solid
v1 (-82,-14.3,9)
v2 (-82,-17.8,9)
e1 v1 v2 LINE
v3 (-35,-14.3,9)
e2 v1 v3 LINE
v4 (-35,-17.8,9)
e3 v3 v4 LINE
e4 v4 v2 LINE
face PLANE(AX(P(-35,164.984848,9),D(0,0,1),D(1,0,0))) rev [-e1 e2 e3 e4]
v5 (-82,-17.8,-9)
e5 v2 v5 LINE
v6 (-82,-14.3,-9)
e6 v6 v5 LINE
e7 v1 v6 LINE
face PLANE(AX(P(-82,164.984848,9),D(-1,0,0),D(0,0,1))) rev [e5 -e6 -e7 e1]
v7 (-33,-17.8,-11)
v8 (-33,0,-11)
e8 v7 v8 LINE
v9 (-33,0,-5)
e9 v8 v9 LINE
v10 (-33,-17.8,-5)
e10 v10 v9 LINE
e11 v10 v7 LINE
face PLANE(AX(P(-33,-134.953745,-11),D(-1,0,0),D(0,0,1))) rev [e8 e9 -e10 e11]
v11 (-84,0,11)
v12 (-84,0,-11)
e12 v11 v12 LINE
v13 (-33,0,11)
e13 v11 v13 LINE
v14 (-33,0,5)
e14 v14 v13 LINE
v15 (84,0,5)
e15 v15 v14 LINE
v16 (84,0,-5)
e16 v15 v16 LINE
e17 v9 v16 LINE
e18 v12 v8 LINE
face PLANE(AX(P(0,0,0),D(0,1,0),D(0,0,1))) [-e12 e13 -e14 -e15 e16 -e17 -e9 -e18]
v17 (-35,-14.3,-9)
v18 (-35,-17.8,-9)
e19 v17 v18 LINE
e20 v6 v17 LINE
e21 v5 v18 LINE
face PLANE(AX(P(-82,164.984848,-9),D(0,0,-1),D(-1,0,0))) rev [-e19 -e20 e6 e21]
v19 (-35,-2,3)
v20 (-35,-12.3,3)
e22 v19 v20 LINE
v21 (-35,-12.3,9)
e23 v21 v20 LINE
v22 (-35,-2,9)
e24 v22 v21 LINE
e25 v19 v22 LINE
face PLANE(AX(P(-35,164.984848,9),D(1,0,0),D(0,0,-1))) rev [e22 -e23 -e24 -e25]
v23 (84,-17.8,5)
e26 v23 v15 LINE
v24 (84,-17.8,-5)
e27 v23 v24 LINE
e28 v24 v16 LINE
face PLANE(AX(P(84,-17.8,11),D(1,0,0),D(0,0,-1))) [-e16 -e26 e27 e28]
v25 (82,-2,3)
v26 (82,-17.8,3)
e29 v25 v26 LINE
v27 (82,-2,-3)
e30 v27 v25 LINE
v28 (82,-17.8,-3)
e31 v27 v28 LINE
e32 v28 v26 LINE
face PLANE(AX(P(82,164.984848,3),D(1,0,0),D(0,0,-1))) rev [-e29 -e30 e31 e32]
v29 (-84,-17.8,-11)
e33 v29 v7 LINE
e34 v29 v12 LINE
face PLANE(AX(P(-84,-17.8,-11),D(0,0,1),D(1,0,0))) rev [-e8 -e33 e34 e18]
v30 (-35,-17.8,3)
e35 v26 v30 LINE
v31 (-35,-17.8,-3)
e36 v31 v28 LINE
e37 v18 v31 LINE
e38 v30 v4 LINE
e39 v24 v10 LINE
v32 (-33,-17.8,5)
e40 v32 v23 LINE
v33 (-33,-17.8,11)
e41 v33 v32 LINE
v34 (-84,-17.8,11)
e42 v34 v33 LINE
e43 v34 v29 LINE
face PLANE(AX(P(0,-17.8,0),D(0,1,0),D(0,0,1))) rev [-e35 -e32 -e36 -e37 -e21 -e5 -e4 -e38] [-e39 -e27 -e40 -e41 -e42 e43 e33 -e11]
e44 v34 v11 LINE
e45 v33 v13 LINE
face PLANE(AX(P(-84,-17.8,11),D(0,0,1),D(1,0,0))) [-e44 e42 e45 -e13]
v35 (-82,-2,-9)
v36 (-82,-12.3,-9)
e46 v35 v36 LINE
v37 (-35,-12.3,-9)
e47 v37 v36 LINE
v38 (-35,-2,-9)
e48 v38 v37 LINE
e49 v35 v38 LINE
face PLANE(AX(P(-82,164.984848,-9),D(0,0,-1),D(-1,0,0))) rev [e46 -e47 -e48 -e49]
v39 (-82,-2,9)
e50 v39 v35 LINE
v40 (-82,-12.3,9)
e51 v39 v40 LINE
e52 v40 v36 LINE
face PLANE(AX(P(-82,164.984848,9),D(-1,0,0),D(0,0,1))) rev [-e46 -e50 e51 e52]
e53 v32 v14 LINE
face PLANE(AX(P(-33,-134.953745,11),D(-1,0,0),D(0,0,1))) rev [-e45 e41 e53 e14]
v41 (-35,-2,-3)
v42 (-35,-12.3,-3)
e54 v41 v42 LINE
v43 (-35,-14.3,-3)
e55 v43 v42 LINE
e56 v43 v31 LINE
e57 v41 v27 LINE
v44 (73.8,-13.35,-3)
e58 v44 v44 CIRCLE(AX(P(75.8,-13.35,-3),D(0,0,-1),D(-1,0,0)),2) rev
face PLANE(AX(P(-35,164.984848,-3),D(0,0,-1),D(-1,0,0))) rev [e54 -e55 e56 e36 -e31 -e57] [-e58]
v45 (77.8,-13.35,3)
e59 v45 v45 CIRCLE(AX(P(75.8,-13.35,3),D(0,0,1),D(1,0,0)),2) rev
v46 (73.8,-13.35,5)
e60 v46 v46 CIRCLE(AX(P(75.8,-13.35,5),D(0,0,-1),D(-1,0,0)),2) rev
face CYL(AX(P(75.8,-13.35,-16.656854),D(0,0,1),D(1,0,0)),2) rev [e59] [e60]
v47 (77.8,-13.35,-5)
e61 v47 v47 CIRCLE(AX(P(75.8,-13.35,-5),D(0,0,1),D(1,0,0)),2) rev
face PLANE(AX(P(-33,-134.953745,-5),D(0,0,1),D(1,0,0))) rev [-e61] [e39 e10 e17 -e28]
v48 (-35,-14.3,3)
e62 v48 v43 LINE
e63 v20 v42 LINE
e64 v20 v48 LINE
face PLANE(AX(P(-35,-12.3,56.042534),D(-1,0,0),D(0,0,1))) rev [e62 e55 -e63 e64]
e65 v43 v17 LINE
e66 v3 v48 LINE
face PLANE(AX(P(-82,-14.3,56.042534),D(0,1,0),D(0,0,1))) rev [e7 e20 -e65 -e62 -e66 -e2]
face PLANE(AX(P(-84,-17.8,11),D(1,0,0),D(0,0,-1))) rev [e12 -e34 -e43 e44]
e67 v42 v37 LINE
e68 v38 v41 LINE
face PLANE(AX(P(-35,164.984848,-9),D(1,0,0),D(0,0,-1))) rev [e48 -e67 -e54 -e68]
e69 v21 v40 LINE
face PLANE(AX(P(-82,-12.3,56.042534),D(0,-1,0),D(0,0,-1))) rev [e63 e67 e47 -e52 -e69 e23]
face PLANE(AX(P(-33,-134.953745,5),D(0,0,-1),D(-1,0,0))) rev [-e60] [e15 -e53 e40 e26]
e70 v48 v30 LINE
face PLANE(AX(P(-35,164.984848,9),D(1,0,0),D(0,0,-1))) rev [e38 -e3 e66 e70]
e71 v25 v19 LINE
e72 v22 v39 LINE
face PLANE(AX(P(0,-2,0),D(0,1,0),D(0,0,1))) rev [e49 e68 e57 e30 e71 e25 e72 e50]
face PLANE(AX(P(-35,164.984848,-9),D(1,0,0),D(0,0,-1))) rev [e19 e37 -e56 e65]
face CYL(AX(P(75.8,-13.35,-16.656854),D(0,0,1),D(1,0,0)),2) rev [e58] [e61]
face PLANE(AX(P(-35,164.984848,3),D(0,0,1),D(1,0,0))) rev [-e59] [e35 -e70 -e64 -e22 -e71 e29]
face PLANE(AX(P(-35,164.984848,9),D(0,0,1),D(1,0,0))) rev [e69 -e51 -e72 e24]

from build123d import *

# Parameters (mm, degrees)
SKETCH1_W           = 168
SKETCH1_H           = 22
BOSS_EXTRUDE1_DEPTH = 17.8
SKETCH8_R           = 2
CUT_EXTRUDE4_DEPTH  = 22
CUT_EXTRUDE2_REACH  = 88.567
SKETCH5_W           = 117
SKETCH5_H           = 6
CUT_EXTRUDE3_DEPTH  = 15.8
BOSS_EXTRUDE3_REACH = 90.164
SKETCH7_W           = 47
SKETCH7_H           = 2


with BuildPart() as part:
    # Sketch1 → Boss-Extrude1 (new body)
    with BuildSketch(Plane(origin=(0, 0, 0), x_dir=(1, 0, 0), z_dir=(0, 1, 0))):
        Rectangle(SKETCH1_W, SKETCH1_H)
    extrude(amount=-BOSS_EXTRUDE1_DEPTH)

    # Sketch8 → Cut-Extrude4 (cut)
    with BuildSketch(Plane.XY.offset(11)):
        with Locations((75.8, -13.35)):
            Circle(SKETCH8_R)
    extrude(amount=-CUT_EXTRUDE4_DEPTH, mode=Mode.SUBTRACT)

    # Cut-Extrude2: up to this face of the body (flat: up to its plane)
    cut_extrude2_end = Plane(part.part.faces().sort_by_distance((0, -17.8, 0))[0])
    # Sketch5 → Cut-Extrude2 (cut, up to the picked face)
    with BuildSketch(Plane(origin=(0, 0, 0), x_dir=(1, 0, 0), z_dir=(0, 1, 0)), mode=Mode.PRIVATE) as cut_extrude2_sk1:
        with Locations((25.5, 8)):
            Rectangle(SKETCH5_W, SKETCH5_H)
    cut_extrude2_tool1 = split(extrude(cut_extrude2_sk1.sketch, amount=-CUT_EXTRUDE2_REACH, mode=Mode.PRIVATE), bisect_by=cut_extrude2_end, keep=Keep.BOTH, mode=Mode.PRIVATE)
    # Sketch5 → Cut-Extrude2 (cut, up to the picked face)
    with BuildSketch(Plane(origin=(0, 0, 0), x_dir=(1, 0, 0), z_dir=(0, 1, 0)), mode=Mode.PRIVATE) as cut_extrude2_sk2:
        with Locations((25.5, -8)):
            Rectangle(SKETCH5_W, SKETCH5_H)
    cut_extrude2_tool2 = split(extrude(cut_extrude2_sk2.sketch, amount=-CUT_EXTRUDE2_REACH, mode=Mode.PRIVATE), bisect_by=cut_extrude2_end, keep=Keep.BOTH, mode=Mode.PRIVATE)
    add(cut_extrude2_tool1.solids().sort_by(Axis((25.5, 0, -8), (0, -1, 0)))[0], mode=Mode.SUBTRACT)
    add(cut_extrude2_tool2.solids().sort_by(Axis((25.5, 0, 8), (0, -1, 0)))[0], mode=Mode.SUBTRACT)

    # Sketch6 → Cut-Extrude3 (cut)
    with BuildSketch(Plane.XZ.offset(17.8)):
        Polygon((-82, 9), (-82, -9), (-35, -9), (-35, -3), (82, -3), (82, 3), (-35, 3), (-35, 9), align=None)
    extrude(amount=-CUT_EXTRUDE3_DEPTH, mode=Mode.SUBTRACT)

    # Boss-Extrude3: up to this face of the body (flat: up to its plane)
    boss_extrude3_end = Plane(part.part.faces().sort_by_distance((-58.5, -9.9, 9))[0])
    # Sketch7 → Boss-Extrude3 (add, up to the picked face)
    with BuildSketch(Plane.XY.offset(-9), mode=Mode.PRIVATE) as boss_extrude3_sk1:
        with Locations((-58.5, -13.3)):
            Rectangle(SKETCH7_W, SKETCH7_H)
    boss_extrude3_tool1 = split(extrude(boss_extrude3_sk1.sketch, amount=BOSS_EXTRUDE3_REACH, mode=Mode.PRIVATE), bisect_by=boss_extrude3_end, keep=Keep.BOTH, mode=Mode.PRIVATE)
    add(boss_extrude3_tool1.solids().sort_by(Axis((-58.5, -13.3, -9), (0, 0, 1)))[0])


solid = part.part
